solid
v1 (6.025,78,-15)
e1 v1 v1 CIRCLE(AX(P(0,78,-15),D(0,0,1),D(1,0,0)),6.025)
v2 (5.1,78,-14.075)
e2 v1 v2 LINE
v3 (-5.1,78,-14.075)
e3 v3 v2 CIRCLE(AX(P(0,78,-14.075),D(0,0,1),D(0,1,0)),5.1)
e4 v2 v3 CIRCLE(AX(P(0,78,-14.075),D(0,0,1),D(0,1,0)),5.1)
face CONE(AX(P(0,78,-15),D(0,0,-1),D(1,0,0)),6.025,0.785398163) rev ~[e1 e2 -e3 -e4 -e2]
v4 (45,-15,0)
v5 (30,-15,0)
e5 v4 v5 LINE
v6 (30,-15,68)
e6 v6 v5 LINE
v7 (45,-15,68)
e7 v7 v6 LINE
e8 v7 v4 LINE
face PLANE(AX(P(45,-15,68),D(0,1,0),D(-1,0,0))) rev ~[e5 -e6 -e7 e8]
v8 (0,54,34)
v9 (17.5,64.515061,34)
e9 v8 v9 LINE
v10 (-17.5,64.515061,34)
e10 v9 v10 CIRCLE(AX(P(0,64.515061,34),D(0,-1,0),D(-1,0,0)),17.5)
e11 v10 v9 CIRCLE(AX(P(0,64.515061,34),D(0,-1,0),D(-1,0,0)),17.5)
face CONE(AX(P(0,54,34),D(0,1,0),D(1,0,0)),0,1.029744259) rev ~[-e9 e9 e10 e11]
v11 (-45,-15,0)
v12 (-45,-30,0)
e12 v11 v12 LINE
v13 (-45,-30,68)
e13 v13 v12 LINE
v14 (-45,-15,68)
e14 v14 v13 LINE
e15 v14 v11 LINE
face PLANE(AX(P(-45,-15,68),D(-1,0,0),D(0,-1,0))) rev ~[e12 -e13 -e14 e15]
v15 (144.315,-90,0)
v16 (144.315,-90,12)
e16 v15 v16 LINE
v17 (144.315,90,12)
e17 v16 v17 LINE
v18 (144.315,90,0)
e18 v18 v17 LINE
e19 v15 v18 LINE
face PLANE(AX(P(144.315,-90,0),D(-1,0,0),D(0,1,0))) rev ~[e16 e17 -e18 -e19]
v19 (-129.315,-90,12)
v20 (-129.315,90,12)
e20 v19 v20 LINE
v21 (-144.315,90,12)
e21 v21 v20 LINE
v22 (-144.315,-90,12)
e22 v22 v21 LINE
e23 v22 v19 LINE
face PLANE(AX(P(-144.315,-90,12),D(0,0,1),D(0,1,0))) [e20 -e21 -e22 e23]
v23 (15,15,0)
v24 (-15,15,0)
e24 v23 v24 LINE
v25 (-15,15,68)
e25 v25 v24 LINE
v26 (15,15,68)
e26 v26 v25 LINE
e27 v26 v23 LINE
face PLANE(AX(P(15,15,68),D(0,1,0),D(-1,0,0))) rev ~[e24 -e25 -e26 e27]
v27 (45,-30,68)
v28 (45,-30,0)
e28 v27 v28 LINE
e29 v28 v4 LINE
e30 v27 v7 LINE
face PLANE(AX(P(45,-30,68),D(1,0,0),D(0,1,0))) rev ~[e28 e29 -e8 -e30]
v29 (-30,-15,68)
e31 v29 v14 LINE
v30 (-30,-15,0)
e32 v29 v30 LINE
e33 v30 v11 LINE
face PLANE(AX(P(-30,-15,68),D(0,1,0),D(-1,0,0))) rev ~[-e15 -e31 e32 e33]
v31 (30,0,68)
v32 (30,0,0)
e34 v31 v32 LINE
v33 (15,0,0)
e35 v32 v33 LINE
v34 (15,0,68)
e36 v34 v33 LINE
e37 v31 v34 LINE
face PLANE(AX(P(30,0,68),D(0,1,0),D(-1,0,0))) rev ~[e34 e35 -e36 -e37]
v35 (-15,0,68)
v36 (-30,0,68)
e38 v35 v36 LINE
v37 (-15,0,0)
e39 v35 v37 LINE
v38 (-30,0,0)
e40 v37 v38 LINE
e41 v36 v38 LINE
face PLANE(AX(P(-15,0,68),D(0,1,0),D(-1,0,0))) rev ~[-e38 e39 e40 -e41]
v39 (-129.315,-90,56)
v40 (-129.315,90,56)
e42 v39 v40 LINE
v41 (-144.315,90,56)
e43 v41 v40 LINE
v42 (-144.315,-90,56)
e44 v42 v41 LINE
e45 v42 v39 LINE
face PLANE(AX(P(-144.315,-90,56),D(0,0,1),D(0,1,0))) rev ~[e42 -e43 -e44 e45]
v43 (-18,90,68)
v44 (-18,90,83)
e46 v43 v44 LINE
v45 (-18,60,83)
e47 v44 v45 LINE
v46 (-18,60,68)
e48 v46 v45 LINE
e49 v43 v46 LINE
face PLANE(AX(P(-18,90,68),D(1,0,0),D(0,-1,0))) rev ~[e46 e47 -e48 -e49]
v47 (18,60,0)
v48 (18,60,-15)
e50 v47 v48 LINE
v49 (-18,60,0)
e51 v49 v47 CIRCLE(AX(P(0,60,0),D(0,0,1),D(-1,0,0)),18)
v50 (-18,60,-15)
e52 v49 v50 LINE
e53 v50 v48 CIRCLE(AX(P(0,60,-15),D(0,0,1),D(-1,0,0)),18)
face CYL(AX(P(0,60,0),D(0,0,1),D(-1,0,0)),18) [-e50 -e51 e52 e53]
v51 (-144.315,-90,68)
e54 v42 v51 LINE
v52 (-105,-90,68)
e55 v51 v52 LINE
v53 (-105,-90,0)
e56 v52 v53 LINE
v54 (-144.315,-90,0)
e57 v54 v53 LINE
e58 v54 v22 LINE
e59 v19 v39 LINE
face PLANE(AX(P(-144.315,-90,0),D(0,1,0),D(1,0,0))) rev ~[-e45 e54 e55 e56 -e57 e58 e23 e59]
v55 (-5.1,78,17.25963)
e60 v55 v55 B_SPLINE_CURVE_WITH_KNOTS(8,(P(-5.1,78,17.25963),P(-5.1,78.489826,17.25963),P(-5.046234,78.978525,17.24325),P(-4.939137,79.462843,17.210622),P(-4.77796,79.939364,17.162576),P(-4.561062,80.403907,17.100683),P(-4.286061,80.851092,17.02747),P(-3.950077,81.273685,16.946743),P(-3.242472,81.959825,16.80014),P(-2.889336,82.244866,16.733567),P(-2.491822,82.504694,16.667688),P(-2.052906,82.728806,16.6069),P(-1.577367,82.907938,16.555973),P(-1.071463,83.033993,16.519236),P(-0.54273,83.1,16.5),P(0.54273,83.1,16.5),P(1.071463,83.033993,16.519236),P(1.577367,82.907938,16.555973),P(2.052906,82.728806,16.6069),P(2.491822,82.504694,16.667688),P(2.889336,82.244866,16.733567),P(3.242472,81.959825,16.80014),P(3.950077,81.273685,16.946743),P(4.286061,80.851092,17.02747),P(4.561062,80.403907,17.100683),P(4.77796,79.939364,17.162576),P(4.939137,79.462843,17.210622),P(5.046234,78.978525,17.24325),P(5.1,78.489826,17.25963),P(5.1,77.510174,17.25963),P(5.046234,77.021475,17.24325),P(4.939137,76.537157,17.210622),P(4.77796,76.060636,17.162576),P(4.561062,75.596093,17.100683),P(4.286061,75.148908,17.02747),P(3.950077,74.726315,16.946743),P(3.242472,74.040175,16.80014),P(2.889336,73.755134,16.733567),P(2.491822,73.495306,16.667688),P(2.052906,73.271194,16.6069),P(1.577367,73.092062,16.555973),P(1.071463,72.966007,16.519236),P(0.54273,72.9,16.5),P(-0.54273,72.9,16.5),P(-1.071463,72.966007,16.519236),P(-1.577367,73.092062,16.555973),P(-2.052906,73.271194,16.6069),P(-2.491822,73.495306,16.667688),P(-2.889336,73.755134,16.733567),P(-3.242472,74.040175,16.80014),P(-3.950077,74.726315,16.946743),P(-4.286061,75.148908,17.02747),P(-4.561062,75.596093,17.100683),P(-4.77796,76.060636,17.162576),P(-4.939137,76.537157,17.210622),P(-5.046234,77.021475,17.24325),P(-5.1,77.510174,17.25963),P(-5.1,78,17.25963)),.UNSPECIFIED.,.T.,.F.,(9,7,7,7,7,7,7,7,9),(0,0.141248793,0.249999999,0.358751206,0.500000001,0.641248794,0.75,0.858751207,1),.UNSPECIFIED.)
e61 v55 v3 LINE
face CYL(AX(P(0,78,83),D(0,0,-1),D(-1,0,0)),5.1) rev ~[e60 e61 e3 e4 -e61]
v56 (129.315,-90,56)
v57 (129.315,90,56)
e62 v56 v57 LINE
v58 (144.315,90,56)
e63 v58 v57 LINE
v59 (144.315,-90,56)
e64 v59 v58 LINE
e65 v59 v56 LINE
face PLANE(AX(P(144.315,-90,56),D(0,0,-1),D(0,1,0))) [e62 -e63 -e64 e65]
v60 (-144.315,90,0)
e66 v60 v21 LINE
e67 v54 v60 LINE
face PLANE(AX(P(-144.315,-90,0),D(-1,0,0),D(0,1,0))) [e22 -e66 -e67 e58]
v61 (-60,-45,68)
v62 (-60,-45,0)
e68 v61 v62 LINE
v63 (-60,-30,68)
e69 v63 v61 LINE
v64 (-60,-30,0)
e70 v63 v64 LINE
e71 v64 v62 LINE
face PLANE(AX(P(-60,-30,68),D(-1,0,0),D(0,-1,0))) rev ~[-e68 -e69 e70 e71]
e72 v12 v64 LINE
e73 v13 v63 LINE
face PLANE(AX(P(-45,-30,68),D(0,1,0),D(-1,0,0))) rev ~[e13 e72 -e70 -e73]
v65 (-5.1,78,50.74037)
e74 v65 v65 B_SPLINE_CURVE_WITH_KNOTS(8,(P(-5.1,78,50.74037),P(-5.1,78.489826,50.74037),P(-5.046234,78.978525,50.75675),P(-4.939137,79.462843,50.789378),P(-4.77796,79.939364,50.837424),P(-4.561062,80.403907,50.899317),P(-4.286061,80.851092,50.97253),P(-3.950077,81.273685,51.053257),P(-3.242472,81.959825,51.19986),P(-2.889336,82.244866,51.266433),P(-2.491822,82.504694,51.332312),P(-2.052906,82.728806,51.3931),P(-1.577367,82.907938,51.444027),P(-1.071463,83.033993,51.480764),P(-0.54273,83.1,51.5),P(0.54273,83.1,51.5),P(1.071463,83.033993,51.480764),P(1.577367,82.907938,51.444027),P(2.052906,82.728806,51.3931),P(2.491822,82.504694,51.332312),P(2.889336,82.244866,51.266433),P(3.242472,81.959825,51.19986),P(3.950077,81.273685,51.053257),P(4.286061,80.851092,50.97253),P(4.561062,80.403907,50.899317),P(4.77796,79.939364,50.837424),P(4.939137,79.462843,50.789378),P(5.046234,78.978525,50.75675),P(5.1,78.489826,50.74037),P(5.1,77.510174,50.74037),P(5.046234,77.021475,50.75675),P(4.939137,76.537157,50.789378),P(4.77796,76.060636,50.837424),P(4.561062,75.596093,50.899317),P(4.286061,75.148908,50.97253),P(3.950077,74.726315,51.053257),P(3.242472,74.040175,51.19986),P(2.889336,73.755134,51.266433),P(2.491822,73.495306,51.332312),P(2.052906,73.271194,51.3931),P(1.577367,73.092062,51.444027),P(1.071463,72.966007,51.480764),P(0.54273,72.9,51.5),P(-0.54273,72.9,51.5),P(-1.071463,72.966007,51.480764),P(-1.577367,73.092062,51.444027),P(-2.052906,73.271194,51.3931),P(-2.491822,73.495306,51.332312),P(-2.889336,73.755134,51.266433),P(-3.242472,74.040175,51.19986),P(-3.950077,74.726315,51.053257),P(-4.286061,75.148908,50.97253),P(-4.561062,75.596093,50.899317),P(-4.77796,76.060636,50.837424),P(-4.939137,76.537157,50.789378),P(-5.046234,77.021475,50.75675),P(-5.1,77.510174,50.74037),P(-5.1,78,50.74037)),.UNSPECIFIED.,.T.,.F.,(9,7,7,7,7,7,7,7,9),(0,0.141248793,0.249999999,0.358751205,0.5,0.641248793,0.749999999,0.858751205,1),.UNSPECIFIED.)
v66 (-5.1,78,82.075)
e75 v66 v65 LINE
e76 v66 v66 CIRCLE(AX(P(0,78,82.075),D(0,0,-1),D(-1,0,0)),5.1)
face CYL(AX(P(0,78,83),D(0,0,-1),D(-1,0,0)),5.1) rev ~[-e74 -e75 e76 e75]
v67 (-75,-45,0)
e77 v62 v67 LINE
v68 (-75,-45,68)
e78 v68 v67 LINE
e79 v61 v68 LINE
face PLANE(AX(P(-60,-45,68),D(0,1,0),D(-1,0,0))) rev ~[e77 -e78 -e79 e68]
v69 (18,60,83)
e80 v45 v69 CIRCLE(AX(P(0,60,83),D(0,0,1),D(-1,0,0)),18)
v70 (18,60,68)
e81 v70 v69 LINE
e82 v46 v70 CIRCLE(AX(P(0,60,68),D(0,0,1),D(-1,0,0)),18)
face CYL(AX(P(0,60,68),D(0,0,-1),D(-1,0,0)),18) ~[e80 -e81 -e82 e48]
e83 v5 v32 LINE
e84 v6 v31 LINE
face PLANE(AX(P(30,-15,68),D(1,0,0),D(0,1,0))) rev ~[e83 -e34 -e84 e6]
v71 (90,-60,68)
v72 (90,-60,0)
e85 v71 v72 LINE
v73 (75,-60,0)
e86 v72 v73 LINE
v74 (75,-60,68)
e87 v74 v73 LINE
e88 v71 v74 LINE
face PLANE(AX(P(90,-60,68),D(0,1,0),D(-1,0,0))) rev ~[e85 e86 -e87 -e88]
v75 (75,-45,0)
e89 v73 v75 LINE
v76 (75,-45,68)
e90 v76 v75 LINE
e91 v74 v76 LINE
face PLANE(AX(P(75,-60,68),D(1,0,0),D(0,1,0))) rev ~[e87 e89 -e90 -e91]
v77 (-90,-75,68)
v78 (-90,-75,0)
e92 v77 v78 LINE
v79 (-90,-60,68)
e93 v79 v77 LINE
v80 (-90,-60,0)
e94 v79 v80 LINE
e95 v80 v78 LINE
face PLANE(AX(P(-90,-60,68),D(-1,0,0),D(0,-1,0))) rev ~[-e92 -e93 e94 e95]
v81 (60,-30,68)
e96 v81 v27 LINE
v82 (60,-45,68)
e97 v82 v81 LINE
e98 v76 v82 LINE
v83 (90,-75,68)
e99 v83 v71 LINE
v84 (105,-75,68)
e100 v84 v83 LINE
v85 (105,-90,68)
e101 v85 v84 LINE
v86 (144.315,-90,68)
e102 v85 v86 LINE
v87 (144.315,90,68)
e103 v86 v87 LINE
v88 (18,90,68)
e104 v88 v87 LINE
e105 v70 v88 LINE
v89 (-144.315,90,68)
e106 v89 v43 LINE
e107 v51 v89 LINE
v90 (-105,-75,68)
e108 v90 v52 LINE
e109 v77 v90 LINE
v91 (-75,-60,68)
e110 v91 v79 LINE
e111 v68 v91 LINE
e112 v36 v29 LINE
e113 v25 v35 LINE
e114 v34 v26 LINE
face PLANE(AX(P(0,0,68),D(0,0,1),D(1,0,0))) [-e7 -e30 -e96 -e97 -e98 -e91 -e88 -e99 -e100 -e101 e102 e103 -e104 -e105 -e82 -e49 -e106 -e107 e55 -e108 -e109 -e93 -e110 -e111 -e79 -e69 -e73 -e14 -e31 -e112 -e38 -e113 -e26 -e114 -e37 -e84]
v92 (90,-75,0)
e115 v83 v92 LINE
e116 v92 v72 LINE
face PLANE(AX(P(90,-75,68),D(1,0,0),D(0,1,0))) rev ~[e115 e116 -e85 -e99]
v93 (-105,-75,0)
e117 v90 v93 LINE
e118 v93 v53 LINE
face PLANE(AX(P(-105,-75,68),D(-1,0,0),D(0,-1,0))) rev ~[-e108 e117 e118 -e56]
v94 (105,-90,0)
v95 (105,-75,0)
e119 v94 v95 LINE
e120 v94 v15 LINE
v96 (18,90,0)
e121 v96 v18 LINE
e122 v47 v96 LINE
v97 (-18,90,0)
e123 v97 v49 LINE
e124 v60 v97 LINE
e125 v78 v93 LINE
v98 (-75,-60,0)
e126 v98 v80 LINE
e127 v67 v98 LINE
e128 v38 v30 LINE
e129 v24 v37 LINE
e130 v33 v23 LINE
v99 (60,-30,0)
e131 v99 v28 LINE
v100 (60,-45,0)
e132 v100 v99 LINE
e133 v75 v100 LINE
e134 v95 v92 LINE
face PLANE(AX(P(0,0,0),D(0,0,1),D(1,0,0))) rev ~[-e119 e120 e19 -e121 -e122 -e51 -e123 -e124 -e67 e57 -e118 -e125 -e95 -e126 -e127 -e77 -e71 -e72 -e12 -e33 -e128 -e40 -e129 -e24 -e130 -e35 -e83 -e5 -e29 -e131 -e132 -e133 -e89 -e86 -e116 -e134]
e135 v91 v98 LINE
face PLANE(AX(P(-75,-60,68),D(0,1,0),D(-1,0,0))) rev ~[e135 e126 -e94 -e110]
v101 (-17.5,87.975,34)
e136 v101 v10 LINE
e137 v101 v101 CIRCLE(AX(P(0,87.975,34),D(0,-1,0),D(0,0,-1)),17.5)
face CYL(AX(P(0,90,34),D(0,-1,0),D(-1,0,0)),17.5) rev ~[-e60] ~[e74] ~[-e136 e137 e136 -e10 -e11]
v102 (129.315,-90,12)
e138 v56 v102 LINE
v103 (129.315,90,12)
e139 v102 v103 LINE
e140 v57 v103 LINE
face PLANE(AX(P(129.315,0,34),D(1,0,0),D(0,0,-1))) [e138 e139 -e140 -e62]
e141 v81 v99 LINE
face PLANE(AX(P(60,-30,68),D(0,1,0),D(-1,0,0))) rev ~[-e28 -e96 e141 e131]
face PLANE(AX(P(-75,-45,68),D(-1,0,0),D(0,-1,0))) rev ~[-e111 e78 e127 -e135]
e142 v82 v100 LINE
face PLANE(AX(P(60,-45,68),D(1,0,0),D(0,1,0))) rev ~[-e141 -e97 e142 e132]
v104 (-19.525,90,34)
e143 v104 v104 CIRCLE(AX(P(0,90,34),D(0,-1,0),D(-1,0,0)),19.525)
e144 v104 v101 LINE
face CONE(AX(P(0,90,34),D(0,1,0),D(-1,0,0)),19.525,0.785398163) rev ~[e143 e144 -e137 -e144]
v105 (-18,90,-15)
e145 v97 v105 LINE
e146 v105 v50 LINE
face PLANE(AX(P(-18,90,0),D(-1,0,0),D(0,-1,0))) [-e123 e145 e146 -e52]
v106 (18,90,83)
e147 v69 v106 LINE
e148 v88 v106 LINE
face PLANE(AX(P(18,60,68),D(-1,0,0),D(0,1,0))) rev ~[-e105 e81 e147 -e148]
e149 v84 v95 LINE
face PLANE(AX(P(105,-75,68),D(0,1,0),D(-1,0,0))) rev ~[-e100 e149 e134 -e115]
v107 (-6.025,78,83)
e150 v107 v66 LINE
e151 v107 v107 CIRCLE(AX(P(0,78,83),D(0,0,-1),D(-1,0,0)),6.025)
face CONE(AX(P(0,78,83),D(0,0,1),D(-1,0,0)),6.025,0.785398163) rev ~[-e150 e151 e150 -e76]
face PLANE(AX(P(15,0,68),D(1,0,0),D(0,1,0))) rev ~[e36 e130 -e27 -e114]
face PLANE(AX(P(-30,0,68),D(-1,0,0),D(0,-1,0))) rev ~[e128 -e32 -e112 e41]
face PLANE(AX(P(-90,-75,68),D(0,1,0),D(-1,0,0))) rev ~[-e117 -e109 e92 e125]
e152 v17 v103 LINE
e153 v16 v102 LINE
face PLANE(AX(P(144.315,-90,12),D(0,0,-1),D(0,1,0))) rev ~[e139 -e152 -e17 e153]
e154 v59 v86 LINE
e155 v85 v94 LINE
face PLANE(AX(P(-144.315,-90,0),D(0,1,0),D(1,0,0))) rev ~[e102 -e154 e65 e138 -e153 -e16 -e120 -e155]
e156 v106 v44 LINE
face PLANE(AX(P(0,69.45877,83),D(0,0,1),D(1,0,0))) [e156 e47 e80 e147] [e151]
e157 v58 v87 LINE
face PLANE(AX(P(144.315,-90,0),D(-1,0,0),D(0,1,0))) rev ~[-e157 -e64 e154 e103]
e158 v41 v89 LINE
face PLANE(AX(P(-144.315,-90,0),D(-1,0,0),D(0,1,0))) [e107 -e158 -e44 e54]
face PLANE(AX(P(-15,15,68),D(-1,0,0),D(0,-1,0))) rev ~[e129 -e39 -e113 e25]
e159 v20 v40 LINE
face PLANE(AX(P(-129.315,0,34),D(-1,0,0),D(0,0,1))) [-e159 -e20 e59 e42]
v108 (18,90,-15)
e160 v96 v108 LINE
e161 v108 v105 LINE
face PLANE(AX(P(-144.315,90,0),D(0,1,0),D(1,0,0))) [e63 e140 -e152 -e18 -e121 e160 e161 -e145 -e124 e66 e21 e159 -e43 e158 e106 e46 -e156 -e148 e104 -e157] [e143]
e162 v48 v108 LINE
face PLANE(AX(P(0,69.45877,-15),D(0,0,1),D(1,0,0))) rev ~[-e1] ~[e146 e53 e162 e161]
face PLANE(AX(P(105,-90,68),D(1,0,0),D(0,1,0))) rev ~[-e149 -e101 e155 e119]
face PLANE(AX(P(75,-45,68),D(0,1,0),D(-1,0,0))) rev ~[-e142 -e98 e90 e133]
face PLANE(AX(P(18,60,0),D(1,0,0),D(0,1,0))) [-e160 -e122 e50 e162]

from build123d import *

# Parameters (mm, degrees)
SKETCH1_W                    = 288.63
SKETCH1_H                    = 180
BOSS_EXTRUDE1_DEPTH          = 68
CUT_EXTRUDE5_DEPTH           = 69
BOSS_EXTRUDE2_DEPTH          = 15
BOSS_EXTRUDE3_DEPTH          = 15
SKETCH9_W                    = 44
SKETCH9_H                    = 180
CUT_EXTRUDE6_DEPTH           = 15
SKETCH10_W                   = 44
SKETCH10_H                   = 180
CUT_EXTRUDE7_DEPTH           = 15
M12_TAPPED_HOLE1_D           = 10.2
M12_TAPPED_HOLE1_DEPTH       = 98
M12_TAPPED_HOLE1_CSINK_D     = 12.05
M12_TAPPED_HOLE1_CSINK_ANGLE = 90
M12_TAPPED_HOLE2_D           = 10.2
M12_TAPPED_HOLE2_DEPTH       = 98
M12_TAPPED_HOLE2_CSINK_D     = 12.05
M12_TAPPED_HOLE2_CSINK_ANGLE = 90
M39_TAPPED_HOLE1_D           = 35
M39_TAPPED_HOLE1_DEPTH       = 25.484939167
M39_TAPPED_HOLE1_CSINK_D     = 39.05
M39_TAPPED_HOLE1_CSINK_ANGLE = 90
M39_TAPPED_HOLE1_TIP         = 10.515060833


with BuildPart() as part:
    # Sketch1 → Boss-Extrude1 (new body)
    with BuildSketch(Plane.XY):
        Rectangle(SKETCH1_W, SKETCH1_H)
    extrude(amount=BOSS_EXTRUDE1_DEPTH)

    # Sketch3 → Cut-Extrude5 (cut, through all)
    with BuildSketch(Plane.XY.offset(68)):
        Polygon((15, 15), (-15, 15), (-15, 0), (-30, 0), (-30, -15), (-45, -15), (-45, -30), (-60, -30), (-60, -45), (-75, -45), (-75, -60), (-90, -60), (-90, -75), (-105, -75), (-105, -90), (105, -90), (105, -75), (90, -75), (90, -60), (75, -60), (75, -45), (60, -45), (60, -30), (45, -30), (45, -15), (30, -15), (30, 0), (15, 0), align=None)
    extrude(amount=-CUT_EXTRUDE5_DEPTH, mode=Mode.SUBTRACT)

    # Sketch7 → Boss-Extrude2 (add)
    with BuildSketch(Plane.XY.offset(68)):
        with BuildLine():
            Line((-18, 90), (-18, 60))
            ThreePointArc((-18, 60), (0, 42), (18, 60))
            Line((18, 60), (18, 90))
            Line((18, 90), (-18, 90))
        make_face()
    extrude(amount=BOSS_EXTRUDE2_DEPTH)

    # Sketch8 → Boss-Extrude3 (add)
    with BuildSketch(Plane(origin=(0, 0, 0), x_dir=(-1, 0, 0), z_dir=(0, 0, -1))):
        with BuildLine():
            Line((-18, 90), (18, 90))
            Line((18, 90), (18, 60))
            ThreePointArc((18, 60), (0, 42), (-18, 60))
            Line((-18, 60), (-18, 90))
        make_face()
    extrude(amount=BOSS_EXTRUDE3_DEPTH)

    # Sketch9 → Cut-Extrude6 (cut)
    with BuildSketch(Plane.ZY.offset(144.315)):
        with Locations((34, 0)):
            Rectangle(SKETCH9_W, SKETCH9_H)
    extrude(amount=-CUT_EXTRUDE6_DEPTH, mode=Mode.SUBTRACT)

    # Sketch10 → Cut-Extrude7 (cut)
    with BuildSketch(Plane(origin=(144.315, 0, 0), x_dir=(0, 0, -1), z_dir=(1, 0, 0))):
        with Locations((-34, 0)):
            Rectangle(SKETCH10_W, SKETCH10_H)
    extrude(amount=-CUT_EXTRUDE7_DEPTH, mode=Mode.SUBTRACT)

    # M12 Tapped Hole1
    with Locations(Plane.XY.offset(83)):
        with Locations((0, 78)):
            CounterSinkHole(M12_TAPPED_HOLE1_D / 2, M12_TAPPED_HOLE1_CSINK_D / 2, depth=M12_TAPPED_HOLE1_DEPTH, counter_sink_angle=M12_TAPPED_HOLE1_CSINK_ANGLE)

    # M12 Tapped Hole2
    with Locations(Plane(origin=(0, 0, -15), x_dir=(-1, 0, 0), z_dir=(0, 0, -1))):
        with Locations((0, 78)):
            CounterSinkHole(M12_TAPPED_HOLE2_D / 2, M12_TAPPED_HOLE2_CSINK_D / 2, depth=M12_TAPPED_HOLE2_DEPTH, counter_sink_angle=M12_TAPPED_HOLE2_CSINK_ANGLE)

    # M39 Tapped Hole1
    with Locations(Plane(origin=(0, 90, 0), x_dir=(1, 0, 0), z_dir=(0, 1, 0))):
        with Locations((0, -34)):
            CounterSinkHole(M39_TAPPED_HOLE1_D / 2, M39_TAPPED_HOLE1_CSINK_D / 2, depth=M39_TAPPED_HOLE1_DEPTH, counter_sink_angle=M39_TAPPED_HOLE1_CSINK_ANGLE)
            with Locations((0, 0, -(M39_TAPPED_HOLE1_DEPTH + M39_TAPPED_HOLE1_TIP / 2))):  # 118° drill point
                Cone(0, M39_TAPPED_HOLE1_D / 2, M39_TAPPED_HOLE1_TIP, mode=Mode.SUBTRACT)


solid = part.part
